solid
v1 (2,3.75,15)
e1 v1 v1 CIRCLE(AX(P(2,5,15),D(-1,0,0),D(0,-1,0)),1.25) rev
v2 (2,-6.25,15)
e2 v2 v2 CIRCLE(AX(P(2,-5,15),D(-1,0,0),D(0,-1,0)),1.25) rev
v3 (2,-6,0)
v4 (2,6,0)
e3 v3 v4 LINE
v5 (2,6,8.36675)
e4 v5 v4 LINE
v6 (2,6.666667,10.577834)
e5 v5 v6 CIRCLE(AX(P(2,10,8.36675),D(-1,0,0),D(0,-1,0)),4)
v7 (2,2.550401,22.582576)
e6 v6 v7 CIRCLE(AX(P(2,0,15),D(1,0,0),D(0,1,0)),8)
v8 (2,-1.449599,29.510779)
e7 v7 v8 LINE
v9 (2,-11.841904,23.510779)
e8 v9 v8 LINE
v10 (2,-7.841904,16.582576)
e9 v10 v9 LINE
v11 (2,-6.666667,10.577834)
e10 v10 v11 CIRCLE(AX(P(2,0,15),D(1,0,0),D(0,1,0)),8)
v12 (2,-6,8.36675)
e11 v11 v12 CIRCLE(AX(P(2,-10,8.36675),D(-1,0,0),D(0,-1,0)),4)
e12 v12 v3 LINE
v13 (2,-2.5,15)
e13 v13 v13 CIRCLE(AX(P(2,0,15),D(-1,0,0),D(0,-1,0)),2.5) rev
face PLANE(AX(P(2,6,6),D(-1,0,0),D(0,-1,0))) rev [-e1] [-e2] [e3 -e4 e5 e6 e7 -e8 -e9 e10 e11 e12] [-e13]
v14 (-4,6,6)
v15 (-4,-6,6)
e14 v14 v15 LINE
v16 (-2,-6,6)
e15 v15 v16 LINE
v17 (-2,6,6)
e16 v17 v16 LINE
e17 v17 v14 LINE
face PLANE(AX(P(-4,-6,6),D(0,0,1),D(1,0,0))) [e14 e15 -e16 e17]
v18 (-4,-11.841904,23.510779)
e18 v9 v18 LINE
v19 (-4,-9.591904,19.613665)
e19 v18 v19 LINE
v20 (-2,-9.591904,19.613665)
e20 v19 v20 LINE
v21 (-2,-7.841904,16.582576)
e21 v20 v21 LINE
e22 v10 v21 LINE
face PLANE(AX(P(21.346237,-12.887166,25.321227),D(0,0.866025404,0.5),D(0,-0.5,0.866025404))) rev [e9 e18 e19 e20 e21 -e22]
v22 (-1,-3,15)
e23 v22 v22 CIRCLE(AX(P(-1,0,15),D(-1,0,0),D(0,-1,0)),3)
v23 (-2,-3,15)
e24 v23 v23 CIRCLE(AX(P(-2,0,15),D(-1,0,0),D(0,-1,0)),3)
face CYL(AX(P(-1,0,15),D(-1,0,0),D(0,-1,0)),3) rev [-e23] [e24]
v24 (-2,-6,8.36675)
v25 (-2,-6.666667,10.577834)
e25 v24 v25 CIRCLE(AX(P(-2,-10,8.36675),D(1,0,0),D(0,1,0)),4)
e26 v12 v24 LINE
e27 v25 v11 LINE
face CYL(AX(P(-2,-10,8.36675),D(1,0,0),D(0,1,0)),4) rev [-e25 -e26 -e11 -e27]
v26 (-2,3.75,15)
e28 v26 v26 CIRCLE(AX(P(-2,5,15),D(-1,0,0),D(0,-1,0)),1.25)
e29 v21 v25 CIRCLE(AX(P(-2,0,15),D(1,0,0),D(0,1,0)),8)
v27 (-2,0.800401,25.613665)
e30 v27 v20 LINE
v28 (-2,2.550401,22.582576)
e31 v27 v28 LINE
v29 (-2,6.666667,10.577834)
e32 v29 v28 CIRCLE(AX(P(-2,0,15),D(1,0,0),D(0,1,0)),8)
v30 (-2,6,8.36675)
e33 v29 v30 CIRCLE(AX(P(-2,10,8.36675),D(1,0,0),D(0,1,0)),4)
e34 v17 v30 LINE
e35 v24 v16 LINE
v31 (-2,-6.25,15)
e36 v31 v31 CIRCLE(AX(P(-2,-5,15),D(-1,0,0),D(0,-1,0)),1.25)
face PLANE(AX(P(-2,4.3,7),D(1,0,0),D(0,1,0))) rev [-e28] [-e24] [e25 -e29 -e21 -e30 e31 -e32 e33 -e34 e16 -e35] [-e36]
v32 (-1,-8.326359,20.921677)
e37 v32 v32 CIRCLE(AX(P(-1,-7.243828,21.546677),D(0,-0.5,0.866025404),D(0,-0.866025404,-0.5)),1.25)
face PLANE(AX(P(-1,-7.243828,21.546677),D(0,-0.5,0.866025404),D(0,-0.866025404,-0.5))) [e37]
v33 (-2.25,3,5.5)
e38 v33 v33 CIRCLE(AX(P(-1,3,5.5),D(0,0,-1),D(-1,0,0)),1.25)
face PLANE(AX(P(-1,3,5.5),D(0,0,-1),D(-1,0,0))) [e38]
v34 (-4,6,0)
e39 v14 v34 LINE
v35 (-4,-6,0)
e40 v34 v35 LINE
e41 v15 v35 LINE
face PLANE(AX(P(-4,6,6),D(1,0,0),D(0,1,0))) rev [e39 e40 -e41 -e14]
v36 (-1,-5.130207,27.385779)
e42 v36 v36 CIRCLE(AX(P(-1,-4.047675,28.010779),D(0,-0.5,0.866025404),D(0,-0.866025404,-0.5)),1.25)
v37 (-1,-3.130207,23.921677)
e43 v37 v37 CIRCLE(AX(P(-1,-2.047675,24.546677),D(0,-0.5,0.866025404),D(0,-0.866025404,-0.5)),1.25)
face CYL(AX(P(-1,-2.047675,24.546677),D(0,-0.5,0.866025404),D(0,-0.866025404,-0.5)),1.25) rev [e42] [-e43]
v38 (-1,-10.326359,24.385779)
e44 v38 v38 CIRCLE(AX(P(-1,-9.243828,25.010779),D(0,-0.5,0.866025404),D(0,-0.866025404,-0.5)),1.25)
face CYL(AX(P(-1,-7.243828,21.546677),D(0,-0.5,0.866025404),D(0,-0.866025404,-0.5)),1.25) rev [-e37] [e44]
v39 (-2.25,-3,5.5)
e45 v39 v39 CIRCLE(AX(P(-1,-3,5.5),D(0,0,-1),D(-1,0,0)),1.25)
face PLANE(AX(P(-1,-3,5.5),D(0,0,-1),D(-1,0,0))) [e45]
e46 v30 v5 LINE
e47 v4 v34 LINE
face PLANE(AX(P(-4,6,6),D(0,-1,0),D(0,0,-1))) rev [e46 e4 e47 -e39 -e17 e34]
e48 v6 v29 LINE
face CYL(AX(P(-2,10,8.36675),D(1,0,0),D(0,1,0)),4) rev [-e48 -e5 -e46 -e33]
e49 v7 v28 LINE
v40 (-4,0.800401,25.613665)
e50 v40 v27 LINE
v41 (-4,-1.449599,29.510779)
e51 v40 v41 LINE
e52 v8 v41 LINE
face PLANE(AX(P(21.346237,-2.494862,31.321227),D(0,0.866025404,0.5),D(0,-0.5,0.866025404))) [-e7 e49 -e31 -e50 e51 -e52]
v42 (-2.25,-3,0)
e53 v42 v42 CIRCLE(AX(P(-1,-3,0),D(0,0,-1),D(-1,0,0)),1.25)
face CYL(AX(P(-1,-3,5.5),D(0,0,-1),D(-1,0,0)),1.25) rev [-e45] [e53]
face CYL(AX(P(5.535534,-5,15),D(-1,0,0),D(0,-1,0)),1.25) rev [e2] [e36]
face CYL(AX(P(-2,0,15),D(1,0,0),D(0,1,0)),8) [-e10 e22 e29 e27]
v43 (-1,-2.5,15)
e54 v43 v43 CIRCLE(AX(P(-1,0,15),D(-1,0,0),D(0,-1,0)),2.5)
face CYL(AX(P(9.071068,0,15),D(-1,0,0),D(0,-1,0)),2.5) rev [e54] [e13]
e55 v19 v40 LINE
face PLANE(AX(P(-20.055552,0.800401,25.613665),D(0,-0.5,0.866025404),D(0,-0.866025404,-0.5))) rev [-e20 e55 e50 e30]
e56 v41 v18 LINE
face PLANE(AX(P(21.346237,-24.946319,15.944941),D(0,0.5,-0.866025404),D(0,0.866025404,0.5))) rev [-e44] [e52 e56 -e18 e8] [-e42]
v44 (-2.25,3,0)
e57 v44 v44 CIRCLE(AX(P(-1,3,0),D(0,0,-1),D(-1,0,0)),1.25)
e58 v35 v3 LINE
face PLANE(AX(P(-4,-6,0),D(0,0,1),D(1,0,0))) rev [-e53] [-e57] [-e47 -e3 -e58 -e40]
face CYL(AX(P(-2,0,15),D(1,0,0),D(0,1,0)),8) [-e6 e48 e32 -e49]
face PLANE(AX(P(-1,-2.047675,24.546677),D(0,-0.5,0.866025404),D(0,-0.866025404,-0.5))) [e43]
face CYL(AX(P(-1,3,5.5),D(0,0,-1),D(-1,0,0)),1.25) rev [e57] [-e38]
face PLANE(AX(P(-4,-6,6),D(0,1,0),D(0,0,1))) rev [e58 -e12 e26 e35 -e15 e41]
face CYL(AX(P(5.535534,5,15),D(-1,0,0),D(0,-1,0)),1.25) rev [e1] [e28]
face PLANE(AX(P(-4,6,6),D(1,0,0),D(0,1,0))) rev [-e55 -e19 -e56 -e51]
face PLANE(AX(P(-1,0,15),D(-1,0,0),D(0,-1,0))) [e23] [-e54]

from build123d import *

# Parameters (mm, degrees)
SKETCH1_W       = 6
SKETCH1_H       = 12
EXTRUDE1_DEPTH  = 6
SKETCH3_W       = 4
SKETCH3_H       = 8.6
EXTRUDE2_DEPTH  = 1
SKETCH2_R       = 1.25
EXTRUDE3_DEPTH  = 5.5
EXTRUDE4_DEPTH  = 4
SKETCH6_R       = 3
EXTRUDE5_DEPTH  = 1
SKETCH7_R       = 1.25
EXTRUDE6_DEPTH  = 4
SKETCH8_R       = 2.5
EXTRUDE7_DEPTH  = 3
FILLET1_R       = 4
EXTRUDE9_START  = -4
EXTRUDE9_DEPTH  = 4
EXTRUDE10_DEPTH = 2
SKETCH14_R      = 1.25
EXTRUDE11_DEPTH = 4


with BuildPart() as part:
    # Sketch1 → Extrude1 (new body)
    with BuildSketch(Plane.XY):
        with Locations((-1, 0)):
            Rectangle(SKETCH1_W, SKETCH1_H)
    extrude(amount=EXTRUDE1_DEPTH)

    # Sketch3 → Extrude2 (add)
    with BuildSketch(Plane.XY.offset(6)):
        Rectangle(SKETCH3_W, SKETCH3_H)
    extrude(amount=EXTRUDE2_DEPTH)

    # Sketch2 → Extrude3 (cut)
    with BuildSketch(Plane(origin=(0, 0, 0), x_dir=(-1, 0, 0), z_dir=(0, 0, -1))):
        with Locations((1, 3)):
            Circle(SKETCH2_R)
        with Locations((1, -3)):
            Circle(SKETCH2_R)
    extrude(amount=-EXTRUDE3_DEPTH, mode=Mode.SUBTRACT)

    # Sketch4 → Extrude4 (add)
    with BuildSketch(Plane(origin=(2, 0, 0), x_dir=(0, 0, -1), z_dir=(1, 0, 0))):
        with BuildLine():
            Line((-9.708497378, 6), (-6, 6))
            Line((-6, 6), (-6, -6))
            Line((-6, -6), (-9.708497378, -6))
            ThreePointArc((-9.708497378, -6), (-23, 0), (-9.708497378, 6))
        make_face()
    extrude(amount=-EXTRUDE4_DEPTH)

    # Sketch6 → Extrude5 (cut)
    with BuildSketch(Plane.ZY.offset(2)):
        with Locations(Location((15, 0, 0), (0, 0, 270))):
            Circle(SKETCH6_R)
    extrude(amount=-EXTRUDE5_DEPTH, mode=Mode.SUBTRACT)

    # Sketch7 → Extrude6 (cut)
    with BuildSketch(Plane.ZY.offset(2)):
        with Locations(Location((15, -5, 0), (0, 0, 270))):
            Circle(SKETCH7_R)
        with Locations(Location((15, 5, 0), (0, 0, 270))):
            Circle(SKETCH7_R)
    extrude(amount=-EXTRUDE6_DEPTH, mode=Mode.SUBTRACT)

    # Sketch8 → Extrude7 (cut)
    with BuildSketch(Plane.ZY.offset(1)):
        with Locations(Location((15, 0, 0), (0, 0, 270))):
            Circle(SKETCH8_R)
    extrude(amount=-EXTRUDE7_DEPTH, mode=Mode.SUBTRACT)

    # Fillet1
    fillet1_edges = [part.edges().sort_by_distance(p)[0] for p in [
        (0, -6, 9.708497378),
        (0, 6, 9.708497378),
    ]]
    fillet(fillet1_edges, radius=FILLET1_R)

    # Sketch12 → Extrude9 (add)
    with BuildSketch(Plane.ZY.offset(2).offset(EXTRUDE9_START)):
        with BuildLine():
            Line((16.582575695, -7.841903734), (23.510778925, -11.841903734))
            Line((23.510778925, -11.841903734), (29.510778925, -1.449598888))
            Line((29.510778925, -1.449598888), (22.582575695, 2.550401112))
            ThreePointArc((22.582575695, 2.550401112), (21.92820323, -4), (16.582575695, -7.841903734))
        make_face()
    extrude(amount=EXTRUDE9_DEPTH)

    # Sketch13 → Extrude10 (add)
    with BuildSketch(Plane.ZY.offset(2)):
        Polygon((29.510778925, -1.449598888), (25.613664608, 0.800401112), (19.613664608, -9.591903734), (23.510778925, -11.841903734), align=None)
    extrude(amount=EXTRUDE10_DEPTH)

    # Sketch14 → Extrude11 (cut)
    with BuildSketch(Plane(origin=(0, -13.140941839, 22.760778925), x_dir=(1, 0, 0), z_dir=(0, -0.5000000000000007, 0.8660254037844383))):
        with Locations(Location((-1, 4.5, 0), (0, 0, 270))):
            Circle(SKETCH14_R)
        with Locations(Location((-1, 10.5, 0), (0, 0, 270))):
            Circle(SKETCH14_R)
    extrude(amount=-EXTRUDE11_DEPTH, mode=Mode.SUBTRACT)


solid = part.part
